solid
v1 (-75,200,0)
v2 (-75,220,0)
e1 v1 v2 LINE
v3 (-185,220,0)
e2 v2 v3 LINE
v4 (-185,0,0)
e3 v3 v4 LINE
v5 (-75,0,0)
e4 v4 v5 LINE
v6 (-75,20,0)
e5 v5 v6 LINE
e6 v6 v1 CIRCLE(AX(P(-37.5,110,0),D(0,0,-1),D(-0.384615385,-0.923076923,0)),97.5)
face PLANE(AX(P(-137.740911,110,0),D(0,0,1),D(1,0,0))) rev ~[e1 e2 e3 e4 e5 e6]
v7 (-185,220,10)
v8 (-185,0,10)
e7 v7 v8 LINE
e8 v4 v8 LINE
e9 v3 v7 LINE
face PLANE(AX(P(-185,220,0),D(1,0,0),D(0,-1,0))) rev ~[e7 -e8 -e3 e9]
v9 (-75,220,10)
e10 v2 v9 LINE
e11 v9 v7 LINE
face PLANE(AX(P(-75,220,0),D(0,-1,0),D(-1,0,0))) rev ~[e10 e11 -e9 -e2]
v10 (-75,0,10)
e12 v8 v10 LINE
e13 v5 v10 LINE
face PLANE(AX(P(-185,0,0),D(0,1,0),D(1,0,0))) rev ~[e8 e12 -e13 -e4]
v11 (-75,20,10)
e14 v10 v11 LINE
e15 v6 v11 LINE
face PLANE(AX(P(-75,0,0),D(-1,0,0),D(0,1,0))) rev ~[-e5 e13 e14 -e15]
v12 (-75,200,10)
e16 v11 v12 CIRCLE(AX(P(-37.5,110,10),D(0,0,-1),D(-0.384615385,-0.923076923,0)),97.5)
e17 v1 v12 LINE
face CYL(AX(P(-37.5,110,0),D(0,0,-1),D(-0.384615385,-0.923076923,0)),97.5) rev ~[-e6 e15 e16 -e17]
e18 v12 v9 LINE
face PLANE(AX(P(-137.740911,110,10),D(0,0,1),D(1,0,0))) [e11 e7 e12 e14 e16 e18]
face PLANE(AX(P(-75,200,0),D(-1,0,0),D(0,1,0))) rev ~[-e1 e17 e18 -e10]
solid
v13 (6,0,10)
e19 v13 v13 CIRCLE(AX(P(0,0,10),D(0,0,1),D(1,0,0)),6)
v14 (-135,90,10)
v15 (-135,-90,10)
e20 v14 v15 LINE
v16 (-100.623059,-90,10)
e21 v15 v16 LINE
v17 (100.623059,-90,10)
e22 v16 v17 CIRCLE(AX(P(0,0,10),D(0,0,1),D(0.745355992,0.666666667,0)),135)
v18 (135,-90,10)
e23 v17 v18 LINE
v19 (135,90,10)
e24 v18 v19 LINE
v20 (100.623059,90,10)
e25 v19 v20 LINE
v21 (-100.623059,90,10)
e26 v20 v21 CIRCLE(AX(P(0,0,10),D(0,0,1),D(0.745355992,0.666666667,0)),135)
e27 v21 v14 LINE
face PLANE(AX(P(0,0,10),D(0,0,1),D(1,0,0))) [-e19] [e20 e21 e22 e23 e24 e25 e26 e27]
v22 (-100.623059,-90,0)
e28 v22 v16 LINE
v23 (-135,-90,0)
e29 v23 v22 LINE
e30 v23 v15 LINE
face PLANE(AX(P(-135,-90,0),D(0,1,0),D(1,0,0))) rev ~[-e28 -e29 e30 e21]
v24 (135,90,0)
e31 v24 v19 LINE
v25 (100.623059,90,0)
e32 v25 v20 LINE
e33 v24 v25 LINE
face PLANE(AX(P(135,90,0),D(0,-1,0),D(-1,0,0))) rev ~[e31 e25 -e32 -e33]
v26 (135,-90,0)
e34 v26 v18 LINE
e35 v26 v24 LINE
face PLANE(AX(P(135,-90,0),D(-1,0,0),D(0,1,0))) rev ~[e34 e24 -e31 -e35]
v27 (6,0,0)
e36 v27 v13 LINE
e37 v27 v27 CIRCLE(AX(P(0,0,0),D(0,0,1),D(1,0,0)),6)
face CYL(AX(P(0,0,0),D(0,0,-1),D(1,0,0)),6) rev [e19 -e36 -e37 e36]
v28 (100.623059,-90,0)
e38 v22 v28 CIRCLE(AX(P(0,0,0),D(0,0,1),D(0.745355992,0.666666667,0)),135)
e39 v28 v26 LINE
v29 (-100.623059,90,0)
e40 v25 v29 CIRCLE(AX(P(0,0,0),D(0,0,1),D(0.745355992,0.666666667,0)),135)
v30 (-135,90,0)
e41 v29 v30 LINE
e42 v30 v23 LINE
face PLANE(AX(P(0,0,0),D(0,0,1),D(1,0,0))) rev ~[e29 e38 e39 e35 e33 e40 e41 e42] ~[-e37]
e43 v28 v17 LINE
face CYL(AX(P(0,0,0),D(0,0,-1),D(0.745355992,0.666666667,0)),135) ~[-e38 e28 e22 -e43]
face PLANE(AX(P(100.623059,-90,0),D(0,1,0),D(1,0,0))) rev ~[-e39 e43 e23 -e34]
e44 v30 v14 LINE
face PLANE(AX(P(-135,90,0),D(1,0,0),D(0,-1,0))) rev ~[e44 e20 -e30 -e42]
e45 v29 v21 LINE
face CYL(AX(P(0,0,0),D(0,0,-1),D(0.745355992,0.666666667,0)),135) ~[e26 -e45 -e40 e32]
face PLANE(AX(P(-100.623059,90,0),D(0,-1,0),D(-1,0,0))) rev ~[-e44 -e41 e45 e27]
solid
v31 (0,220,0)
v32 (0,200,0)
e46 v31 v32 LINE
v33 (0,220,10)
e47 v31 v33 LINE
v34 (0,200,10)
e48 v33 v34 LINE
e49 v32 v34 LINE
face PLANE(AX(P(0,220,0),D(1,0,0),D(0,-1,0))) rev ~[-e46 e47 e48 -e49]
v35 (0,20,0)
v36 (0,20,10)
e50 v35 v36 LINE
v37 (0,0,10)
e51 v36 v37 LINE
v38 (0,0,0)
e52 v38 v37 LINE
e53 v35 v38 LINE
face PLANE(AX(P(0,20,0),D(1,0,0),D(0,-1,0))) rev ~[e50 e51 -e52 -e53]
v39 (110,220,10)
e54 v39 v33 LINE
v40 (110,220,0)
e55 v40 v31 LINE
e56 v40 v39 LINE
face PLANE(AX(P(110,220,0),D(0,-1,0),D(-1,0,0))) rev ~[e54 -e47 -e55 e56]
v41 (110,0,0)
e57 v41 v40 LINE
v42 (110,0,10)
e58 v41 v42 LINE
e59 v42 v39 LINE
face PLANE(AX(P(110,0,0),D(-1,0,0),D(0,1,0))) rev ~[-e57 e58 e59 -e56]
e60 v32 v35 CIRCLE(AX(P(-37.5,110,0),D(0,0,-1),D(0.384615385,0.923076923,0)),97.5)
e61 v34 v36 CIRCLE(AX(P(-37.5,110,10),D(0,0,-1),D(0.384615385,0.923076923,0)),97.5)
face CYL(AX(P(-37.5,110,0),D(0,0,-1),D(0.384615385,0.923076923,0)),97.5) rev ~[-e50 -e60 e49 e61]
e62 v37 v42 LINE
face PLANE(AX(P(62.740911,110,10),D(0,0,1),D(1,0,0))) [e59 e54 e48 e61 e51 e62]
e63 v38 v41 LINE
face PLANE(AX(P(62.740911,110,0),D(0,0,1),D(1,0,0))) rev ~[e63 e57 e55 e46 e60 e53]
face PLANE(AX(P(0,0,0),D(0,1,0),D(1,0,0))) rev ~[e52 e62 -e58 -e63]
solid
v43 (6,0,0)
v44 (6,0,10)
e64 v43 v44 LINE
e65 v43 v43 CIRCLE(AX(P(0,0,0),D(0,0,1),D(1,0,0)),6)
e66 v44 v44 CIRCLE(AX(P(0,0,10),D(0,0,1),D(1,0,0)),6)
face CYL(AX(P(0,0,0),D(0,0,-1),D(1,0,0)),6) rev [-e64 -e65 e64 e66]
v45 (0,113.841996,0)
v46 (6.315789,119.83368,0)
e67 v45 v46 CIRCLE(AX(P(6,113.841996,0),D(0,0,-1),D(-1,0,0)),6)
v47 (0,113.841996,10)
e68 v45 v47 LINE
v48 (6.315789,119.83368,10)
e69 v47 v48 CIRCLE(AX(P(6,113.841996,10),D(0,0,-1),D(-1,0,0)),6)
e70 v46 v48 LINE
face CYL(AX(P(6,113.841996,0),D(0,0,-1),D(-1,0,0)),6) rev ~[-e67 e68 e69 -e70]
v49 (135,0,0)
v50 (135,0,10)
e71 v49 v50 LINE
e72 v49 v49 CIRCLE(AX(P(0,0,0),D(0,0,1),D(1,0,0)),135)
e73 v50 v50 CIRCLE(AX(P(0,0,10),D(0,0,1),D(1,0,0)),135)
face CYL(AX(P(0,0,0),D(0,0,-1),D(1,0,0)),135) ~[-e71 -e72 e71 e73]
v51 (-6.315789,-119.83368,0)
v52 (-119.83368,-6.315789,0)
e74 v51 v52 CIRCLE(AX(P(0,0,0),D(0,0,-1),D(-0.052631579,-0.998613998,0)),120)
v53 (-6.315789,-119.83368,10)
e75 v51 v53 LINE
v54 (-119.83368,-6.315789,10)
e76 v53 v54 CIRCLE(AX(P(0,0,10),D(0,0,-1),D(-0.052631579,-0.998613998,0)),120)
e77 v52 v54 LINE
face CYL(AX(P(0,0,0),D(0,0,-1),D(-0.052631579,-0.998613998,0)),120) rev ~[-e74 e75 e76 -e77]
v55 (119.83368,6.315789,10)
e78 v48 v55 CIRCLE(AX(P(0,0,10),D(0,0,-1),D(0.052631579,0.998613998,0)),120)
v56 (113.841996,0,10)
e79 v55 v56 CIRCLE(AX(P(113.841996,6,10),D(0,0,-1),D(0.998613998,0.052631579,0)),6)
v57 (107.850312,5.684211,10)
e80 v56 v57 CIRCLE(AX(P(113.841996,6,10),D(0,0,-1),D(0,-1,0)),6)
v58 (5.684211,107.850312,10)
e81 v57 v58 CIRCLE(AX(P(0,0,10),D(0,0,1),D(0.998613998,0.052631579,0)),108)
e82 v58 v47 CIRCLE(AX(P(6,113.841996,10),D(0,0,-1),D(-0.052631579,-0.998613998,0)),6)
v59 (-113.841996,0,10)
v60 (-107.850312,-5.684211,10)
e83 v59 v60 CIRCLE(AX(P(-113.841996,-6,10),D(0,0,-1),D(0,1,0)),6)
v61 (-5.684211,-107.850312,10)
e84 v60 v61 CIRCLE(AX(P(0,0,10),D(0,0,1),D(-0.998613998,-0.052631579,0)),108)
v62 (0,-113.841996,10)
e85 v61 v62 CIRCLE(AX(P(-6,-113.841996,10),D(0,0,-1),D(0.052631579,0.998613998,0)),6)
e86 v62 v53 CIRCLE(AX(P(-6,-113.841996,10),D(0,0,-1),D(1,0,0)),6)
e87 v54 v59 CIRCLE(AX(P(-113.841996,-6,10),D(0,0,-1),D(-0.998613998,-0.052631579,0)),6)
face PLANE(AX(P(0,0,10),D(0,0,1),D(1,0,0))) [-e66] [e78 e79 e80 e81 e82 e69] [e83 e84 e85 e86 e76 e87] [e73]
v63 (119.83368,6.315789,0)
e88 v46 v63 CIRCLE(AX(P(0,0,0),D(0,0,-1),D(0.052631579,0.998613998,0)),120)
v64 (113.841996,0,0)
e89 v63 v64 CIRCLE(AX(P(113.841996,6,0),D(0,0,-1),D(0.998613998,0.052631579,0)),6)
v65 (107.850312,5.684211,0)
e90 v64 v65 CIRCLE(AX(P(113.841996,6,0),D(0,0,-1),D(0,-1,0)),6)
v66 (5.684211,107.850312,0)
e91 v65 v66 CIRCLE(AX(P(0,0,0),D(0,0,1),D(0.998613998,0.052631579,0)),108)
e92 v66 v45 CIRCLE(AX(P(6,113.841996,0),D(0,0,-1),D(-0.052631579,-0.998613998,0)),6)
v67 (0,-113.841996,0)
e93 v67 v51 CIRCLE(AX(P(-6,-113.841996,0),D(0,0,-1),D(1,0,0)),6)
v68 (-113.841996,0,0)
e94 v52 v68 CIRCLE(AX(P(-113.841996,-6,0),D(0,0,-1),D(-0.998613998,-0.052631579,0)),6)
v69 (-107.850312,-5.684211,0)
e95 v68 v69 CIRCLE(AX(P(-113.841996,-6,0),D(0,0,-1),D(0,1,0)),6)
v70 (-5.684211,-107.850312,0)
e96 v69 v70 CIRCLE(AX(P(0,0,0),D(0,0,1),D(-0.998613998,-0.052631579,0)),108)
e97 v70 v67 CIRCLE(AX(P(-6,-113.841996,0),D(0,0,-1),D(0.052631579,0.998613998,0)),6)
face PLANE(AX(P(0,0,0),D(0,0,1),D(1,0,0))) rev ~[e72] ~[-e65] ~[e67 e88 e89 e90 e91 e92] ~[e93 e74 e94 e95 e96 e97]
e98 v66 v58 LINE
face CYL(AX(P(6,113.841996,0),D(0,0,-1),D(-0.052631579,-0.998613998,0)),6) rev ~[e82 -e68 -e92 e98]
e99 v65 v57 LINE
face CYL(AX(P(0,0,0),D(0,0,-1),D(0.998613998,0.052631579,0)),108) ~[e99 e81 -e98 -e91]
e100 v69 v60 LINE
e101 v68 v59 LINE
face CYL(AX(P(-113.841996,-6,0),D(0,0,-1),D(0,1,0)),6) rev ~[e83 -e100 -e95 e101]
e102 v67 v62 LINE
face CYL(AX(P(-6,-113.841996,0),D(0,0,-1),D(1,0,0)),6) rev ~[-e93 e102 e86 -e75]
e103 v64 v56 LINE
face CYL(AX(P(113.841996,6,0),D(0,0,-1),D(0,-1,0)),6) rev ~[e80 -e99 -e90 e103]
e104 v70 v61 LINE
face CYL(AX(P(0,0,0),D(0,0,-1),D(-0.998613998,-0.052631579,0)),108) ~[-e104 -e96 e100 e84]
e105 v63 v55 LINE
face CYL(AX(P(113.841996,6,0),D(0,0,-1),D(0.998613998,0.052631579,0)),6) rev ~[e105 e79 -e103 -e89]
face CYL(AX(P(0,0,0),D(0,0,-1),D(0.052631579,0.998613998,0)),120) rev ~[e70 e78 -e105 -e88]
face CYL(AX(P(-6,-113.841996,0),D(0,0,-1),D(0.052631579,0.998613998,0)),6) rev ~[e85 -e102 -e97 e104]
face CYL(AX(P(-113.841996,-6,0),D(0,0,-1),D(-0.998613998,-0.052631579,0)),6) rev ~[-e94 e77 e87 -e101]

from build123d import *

# Parameters (mm, degrees)
F1_DEPTH = 10
F2_R     = 135
F2_R_2   = 6
F3_DEPTH = 10
F4_R     = 6
F5_DEPTH = 10


with BuildPart() as f1:
    # F0 (on Top) → F1 (new body)
    with BuildSketch(Plane.XY):
        with BuildLine():
            Line((0, 20), (0, 0))
            Line((0, 0), (110, 0))
            Line((110, 0), (110, 220))
            Line((110, 220), (0, 220))
            Line((0, 220), (0, 200))
            ThreePointArc((0, 200), (43.6249036979, 164.083269132), (60, 110))
            ThreePointArc((60, 110), (43.6249036979, 55.916730868), (0, 20))
        make_face()
    extrude(amount=F1_DEPTH)


with BuildPart() as f1b:
    # F0 (on Top) → F1, piece 2 (new body)
    with BuildSketch(Plane.XY):
        with BuildLine():
            Line((-75, 0), (-75, 20))
            ThreePointArc((-75, 20), (-135, 110), (-75, 200))
            Line((-75, 200), (-75, 220))
            Line((-75, 220), (-185, 220))
            Line((-185, 220), (-185, 0))
            Line((-185, 0), (-75, 0))
        make_face()
    extrude(amount=F1_DEPTH)


with BuildPart() as f3:
    # F2 (on Top) → F3 (new body)
    with BuildSketch(Plane.XY):
        Circle(F2_R)
        with BuildLine():
            ThreePointArc((-107.8503117784, -5.6842105263), (-76.3675323681, -76.3675323681), (-5.6842105263, -107.8503117784))
            ThreePointArc((-5.6842105263, -107.8503117784), (-1.6471424993, -109.7125125564), (0, -113.8419957661))
            ThreePointArc((0, -113.8419957661), (-1.8705167903, -118.1948532667), (-6.3157894737, -119.8336797537))
            ThreePointArc((-6.3157894737, -119.8336797537), (-84.8528137424, -84.8528137424), (-119.8336797537, -6.3157894737))
            ThreePointArc((-119.8336797537, -6.3157894737), (-118.1948532667, -1.8705167903), (-113.8419957661, 0))
            ThreePointArc((-113.8419957661, 0), (-109.7125125564, -1.6471424993), (-107.8503117784, -5.6842105263))
        make_face(mode=Mode.SUBTRACT)
        Circle(F2_R_2, mode=Mode.SUBTRACT)
        with BuildLine():
            ThreePointArc((6.3157894737, 119.8336797537), (84.8528137424, 84.8528137424), (119.8336797537, 6.3157894737))
            ThreePointArc((119.8336797537, 6.3157894737), (118.1948532667, 1.8705167903), (113.8419957661, 0))
            ThreePointArc((113.8419957661, 0), (109.7125125564, 1.6471424993), (107.8503117784, 5.6842105263))
            ThreePointArc((107.8503117784, 5.6842105263), (76.3675323681, 76.3675323681), (5.6842105263, 107.8503117784))
            ThreePointArc((5.6842105263, 107.8503117784), (1.6471424993, 109.7125125564), (0, 113.8419957661))
            ThreePointArc((0, 113.8419957661), (1.8705167903, 118.1948532667), (6.3157894737, 119.8336797537))
        make_face(mode=Mode.SUBTRACT)
    extrude(amount=F3_DEPTH)


with BuildPart() as f5:
    # F4 (on Top) → F5 (new body)
    with BuildSketch(Plane.XY):
        with BuildLine():
            ThreePointArc((100.6230589875, -90), (126.11326846, -48.1709821194), (135, 0))
            ThreePointArc((135, 0), (126.11326846, 48.1709821194), (100.6230589875, 90))
            Line((100.6230589875, 90), (-100.6230589875, 90))
            ThreePointArc((-100.6230589875, 90), (-126.113268469, 48.1709820958), (-135, -5.05e-08))
            ThreePointArc((-135, -5.05e-08), (-126.113268451, -48.1709821429), (-100.6230589875, -90))
            Line((-100.6230589875, -90), (100.6230589875, -90))
        make_face()
        Circle(F4_R, mode=Mode.SUBTRACT)
        with BuildLine():
            Line((-100.6230589875, 90), (100.6230589875, 90))
            ThreePointArc((100.6230589875, 90), (0, 135), (-100.6230589875, 90))
        make_face()
        with BuildLine():
            ThreePointArc((100.6230589875, 90), (126.11326846, 48.1709821194), (135, 0))
            Line((135, 0), (135, 90))
            Line((135, 90), (100.6230589875, 90))
        make_face()
        with BuildLine():
            Line((135, -90), (135, 0))
            ThreePointArc((135, 0), (126.11326846, -48.1709821194), (100.6230589875, -90))
            Line((100.6230589875, -90), (135, -90))
        make_face()
        with BuildLine():
            ThreePointArc((-100.6230589875, -90), (0, -135), (100.6230589875, -90))
            Line((100.6230589875, -90), (-100.6230589875, -90))
        make_face()
        with BuildLine():
            Line((-135, -90), (-100.6230589875, -90))
            ThreePointArc((-100.6230589875, -90), (-126.113268451, -48.1709821429), (-135, -5.05e-08))
            Line((-135, -5.05e-08), (-135, -90))
        make_face()
        with BuildLine():
            ThreePointArc((-135, -5.05e-08), (-126.113268469, 48.1709820958), (-100.6230589875, 90))
            Line((-100.6230589875, 90), (-135, 90))
            Line((-135, 90), (-135, -5.05e-08))
        make_face()
    extrude(amount=F5_DEPTH)


solid = Compound([f1.part, f1b.part, f3.part, f5.part])
